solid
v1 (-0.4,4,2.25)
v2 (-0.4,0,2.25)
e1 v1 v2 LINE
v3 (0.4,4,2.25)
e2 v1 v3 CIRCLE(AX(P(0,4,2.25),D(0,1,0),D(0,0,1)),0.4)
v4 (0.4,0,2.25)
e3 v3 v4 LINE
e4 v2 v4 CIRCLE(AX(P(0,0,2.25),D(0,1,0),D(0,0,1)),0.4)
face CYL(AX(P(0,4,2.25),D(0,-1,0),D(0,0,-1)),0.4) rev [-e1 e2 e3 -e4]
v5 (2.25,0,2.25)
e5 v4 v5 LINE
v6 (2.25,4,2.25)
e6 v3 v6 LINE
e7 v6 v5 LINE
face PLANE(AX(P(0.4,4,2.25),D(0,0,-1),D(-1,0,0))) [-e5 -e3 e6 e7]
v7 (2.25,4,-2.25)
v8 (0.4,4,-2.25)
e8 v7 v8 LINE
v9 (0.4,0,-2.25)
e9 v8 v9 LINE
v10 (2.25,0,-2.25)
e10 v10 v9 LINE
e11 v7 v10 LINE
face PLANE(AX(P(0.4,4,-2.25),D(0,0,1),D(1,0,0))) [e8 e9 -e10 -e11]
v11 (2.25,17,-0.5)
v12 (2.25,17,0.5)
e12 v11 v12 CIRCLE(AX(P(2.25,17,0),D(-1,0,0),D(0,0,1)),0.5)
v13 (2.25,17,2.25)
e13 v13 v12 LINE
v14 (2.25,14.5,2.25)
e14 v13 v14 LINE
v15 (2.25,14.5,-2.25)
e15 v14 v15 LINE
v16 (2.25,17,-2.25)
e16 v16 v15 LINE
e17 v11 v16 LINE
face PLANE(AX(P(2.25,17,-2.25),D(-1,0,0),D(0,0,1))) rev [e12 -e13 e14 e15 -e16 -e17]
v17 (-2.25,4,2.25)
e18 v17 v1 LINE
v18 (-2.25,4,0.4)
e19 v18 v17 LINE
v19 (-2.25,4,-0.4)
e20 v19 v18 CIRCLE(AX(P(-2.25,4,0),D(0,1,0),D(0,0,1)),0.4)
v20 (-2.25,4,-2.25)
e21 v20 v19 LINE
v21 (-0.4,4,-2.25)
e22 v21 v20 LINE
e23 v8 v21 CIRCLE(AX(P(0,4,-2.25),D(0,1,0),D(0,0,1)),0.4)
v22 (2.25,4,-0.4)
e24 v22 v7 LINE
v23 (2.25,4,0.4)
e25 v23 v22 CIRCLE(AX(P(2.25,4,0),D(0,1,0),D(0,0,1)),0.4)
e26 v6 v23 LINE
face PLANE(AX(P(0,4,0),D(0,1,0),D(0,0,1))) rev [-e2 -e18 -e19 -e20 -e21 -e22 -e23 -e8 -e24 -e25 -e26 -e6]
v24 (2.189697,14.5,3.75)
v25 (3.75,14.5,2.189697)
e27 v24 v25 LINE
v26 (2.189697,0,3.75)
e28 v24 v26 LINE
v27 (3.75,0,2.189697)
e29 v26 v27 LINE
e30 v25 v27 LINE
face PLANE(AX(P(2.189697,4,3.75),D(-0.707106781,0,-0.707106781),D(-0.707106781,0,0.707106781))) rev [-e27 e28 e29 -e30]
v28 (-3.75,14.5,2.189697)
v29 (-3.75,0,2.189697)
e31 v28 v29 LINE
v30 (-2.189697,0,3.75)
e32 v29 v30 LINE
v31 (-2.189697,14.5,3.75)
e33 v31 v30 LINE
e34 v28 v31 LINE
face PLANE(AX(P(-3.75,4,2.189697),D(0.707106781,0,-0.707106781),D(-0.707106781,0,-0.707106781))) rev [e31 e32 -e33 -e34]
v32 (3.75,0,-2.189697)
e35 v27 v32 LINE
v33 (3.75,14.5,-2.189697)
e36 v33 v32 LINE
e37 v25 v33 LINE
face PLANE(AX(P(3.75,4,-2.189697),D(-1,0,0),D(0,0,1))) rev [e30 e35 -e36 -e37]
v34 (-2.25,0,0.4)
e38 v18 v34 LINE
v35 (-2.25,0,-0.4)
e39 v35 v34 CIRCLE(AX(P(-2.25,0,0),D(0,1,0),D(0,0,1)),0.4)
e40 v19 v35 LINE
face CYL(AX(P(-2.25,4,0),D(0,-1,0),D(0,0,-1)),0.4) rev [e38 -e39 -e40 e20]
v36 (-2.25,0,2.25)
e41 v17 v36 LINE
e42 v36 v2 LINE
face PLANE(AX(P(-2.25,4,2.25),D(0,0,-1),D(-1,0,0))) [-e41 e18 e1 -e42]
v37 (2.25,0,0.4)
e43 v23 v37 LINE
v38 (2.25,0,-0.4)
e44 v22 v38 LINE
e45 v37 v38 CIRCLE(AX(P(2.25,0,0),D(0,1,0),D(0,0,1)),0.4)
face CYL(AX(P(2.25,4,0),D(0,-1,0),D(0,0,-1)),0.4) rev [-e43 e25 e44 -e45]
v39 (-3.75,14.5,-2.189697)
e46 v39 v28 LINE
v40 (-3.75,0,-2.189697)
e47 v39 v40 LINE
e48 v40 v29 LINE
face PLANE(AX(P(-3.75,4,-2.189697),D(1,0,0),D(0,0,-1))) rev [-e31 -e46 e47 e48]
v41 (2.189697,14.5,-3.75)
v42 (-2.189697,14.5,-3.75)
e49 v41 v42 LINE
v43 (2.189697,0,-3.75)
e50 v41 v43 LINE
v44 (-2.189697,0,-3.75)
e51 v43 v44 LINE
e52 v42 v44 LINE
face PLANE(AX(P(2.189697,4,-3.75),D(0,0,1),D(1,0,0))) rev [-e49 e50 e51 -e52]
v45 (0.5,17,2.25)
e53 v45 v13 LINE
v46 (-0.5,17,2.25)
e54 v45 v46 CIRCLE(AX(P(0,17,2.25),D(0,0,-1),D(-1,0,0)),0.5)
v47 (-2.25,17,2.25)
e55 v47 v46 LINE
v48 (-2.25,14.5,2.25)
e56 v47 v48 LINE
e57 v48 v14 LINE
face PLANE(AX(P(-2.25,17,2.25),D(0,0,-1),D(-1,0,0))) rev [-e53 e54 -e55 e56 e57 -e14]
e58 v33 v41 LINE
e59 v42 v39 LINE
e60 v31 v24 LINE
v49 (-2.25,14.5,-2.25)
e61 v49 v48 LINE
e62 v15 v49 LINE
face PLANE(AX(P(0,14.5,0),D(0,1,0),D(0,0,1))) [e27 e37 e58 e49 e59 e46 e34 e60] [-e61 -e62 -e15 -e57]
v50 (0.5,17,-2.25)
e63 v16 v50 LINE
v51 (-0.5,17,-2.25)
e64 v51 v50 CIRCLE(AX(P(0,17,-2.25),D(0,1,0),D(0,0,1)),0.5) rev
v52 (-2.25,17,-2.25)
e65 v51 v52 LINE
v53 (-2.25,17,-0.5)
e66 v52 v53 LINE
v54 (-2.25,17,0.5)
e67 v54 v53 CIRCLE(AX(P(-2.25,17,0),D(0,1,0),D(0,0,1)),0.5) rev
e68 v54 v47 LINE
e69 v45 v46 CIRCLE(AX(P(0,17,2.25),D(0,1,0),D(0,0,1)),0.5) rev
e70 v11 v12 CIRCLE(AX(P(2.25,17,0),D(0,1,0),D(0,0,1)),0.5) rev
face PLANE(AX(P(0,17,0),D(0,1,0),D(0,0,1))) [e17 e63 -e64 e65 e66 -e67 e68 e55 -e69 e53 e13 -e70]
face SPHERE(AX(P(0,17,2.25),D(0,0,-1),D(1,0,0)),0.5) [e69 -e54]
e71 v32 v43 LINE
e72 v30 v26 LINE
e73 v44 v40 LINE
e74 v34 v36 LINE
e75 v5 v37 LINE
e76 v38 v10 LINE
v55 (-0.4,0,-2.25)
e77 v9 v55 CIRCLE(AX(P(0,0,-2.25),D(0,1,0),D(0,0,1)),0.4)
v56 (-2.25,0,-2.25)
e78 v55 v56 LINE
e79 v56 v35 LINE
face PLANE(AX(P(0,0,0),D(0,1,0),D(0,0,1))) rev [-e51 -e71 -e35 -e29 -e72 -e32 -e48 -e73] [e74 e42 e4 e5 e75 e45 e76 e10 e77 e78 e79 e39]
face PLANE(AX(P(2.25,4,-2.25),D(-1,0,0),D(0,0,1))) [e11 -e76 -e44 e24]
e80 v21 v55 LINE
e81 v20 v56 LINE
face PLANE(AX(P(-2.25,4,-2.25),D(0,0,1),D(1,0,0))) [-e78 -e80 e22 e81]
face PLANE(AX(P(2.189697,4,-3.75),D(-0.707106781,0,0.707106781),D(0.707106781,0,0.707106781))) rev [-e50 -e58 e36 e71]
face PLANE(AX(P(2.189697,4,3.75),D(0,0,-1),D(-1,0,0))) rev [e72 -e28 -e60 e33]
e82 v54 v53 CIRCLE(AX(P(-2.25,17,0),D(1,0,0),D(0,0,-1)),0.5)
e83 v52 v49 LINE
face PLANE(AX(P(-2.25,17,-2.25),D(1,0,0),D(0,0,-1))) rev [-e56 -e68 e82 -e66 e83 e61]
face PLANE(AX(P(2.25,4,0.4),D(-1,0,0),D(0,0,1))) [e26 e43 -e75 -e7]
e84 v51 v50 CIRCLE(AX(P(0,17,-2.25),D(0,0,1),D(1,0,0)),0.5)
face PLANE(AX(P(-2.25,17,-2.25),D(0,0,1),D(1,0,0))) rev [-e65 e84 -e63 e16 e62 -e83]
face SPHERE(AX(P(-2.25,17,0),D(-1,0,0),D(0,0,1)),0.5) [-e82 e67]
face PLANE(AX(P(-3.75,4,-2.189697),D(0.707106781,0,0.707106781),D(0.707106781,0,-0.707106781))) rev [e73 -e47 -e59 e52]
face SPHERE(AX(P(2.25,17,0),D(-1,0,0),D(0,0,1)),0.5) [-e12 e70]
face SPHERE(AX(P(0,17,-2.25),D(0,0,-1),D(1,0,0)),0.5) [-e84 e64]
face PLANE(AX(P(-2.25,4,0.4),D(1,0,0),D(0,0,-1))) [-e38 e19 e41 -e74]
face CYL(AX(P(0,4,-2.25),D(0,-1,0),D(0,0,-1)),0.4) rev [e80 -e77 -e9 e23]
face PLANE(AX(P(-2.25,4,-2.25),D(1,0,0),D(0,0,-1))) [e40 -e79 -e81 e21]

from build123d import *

# Parameters (mm, degrees)
EXTRUDE_1_DEPTH     = 4
EXTRUDE_2_DEPTH     = 10.5
SKETCH_3_W          = 4.5
SKETCH_3_H          = 4.5
EXTRUDE_3_DEPTH     = 2.5
SKETCH_6_W          = 5.635445318
SKETCH_6_H          = 5.939696962
CUT_EXTRUDE_2_DEPTH = 2.5


with BuildPart() as part:
    # 草图1 → 凸台-拉伸1 (new body)
    with BuildSketch(Plane(origin=(0, 0, 0), x_dir=(1, 0, 0), z_dir=(0, 1, 0))):
        Polygon((2.189696962, -3.75), (3.75, -2.189696962), (3.75, 2.189696962), (2.189696962, 3.75), (-2.189696962, 3.75), (-3.75, 2.189696962), (-3.75, -2.189696962), (-2.189696962, -3.75), align=None)
        with BuildLine():
            Line((2.25, -0.4), (2.25, -2.25))
            Line((2.25, -2.25), (0.4, -2.25))
            ThreePointArc((0.4, -2.25), (0, -2.65), (-0.4, -2.25))
            Line((-0.4, -2.25), (-2.25, -2.25))
            Line((-2.25, -2.25), (-2.25, -0.4))
            ThreePointArc((-2.25, -0.4), (-2.65, 0), (-2.25, 0.4))
            Line((-2.25, 0.4), (-2.25, 2.25))
            Line((-2.25, 2.25), (-0.4, 2.25))
            ThreePointArc((-0.4, 2.25), (0, 2.65), (0.4, 2.25))
            Line((0.4, 2.25), (2.25, 2.25))
            Line((2.25, 2.25), (2.25, 0.4))
            ThreePointArc((2.25, 0.4), (2.65, 0), (2.25, -0.4))
        make_face(mode=Mode.SUBTRACT)
    extrude(amount=EXTRUDE_1_DEPTH)

    # 草图2 → 凸台-拉伸2 (add)
    with BuildSketch(Plane(origin=(0, 4, 0), x_dir=(1, 0, 0), z_dir=(0, 1, 0))):
        Polygon((-2.189696962, -3.75), (2.189696962, -3.75), (3.75, -2.189696962), (3.75, 2.189696962), (2.189696962, 3.75), (-2.189696962, 3.75), (-3.75, 2.189696962), (-3.75, -2.189696962), align=None)
    extrude(amount=EXTRUDE_2_DEPTH)

    # 草图3 → 凸台-拉伸3 (add)
    with BuildSketch(Plane(origin=(0, 14.5, 0), x_dir=(1, 0, 0), z_dir=(0, 1, 0))):
        Rectangle(SKETCH_3_W, SKETCH_3_H)
    extrude(amount=EXTRUDE_3_DEPTH)

    # 草图4 → 旋转1 (revolve)
    with BuildSketch(Plane(origin=(0, 17, 0), x_dir=(1, 0, 0), z_dir=(0, 1, 0))):
        with BuildLine():
            Line((0, 2.75), (0, 1.75))
            ThreePointArc((0, 1.75), (-0.5, 2.25), (0, 2.75))
        make_face()
        with BuildLine():
            Line((0, -1.75), (0, -2.75))
            ThreePointArc((0, -2.75), (-0.5, -2.25), (0, -1.75))
        make_face()
    revolve(axis=Axis((0, 17, -2.75), (0, 0, 1)))

    # 草图5 → 旋转2 (revolve)
    with BuildSketch(Plane(origin=(0, 17, 0), x_dir=(1, 0, 0), z_dir=(0, 1, 0))):
        with BuildLine():
            Line((-2.75, 0), (-1.75, 0))
            ThreePointArc((-1.75, 0), (-2.25, -0.5), (-2.75, 0))
        make_face()
        with BuildLine():
            Line((1.75, 0), (2.75, 0))
            ThreePointArc((2.75, 0), (2.25, -0.5), (1.75, 0))
        make_face()
    revolve(axis=Axis((-2.75, 17, 0), (1, 0, 0)))

    # 草图6 → 切除-拉伸2 (cut)
    with BuildSketch(Plane(origin=(0, 17, 0), x_dir=(1, 0, 0), z_dir=(0, 1, 0))):
        Rectangle(SKETCH_6_W, SKETCH_6_H)
    extrude(amount=CUT_EXTRUDE_2_DEPTH, mode=Mode.SUBTRACT)


solid = part.part
